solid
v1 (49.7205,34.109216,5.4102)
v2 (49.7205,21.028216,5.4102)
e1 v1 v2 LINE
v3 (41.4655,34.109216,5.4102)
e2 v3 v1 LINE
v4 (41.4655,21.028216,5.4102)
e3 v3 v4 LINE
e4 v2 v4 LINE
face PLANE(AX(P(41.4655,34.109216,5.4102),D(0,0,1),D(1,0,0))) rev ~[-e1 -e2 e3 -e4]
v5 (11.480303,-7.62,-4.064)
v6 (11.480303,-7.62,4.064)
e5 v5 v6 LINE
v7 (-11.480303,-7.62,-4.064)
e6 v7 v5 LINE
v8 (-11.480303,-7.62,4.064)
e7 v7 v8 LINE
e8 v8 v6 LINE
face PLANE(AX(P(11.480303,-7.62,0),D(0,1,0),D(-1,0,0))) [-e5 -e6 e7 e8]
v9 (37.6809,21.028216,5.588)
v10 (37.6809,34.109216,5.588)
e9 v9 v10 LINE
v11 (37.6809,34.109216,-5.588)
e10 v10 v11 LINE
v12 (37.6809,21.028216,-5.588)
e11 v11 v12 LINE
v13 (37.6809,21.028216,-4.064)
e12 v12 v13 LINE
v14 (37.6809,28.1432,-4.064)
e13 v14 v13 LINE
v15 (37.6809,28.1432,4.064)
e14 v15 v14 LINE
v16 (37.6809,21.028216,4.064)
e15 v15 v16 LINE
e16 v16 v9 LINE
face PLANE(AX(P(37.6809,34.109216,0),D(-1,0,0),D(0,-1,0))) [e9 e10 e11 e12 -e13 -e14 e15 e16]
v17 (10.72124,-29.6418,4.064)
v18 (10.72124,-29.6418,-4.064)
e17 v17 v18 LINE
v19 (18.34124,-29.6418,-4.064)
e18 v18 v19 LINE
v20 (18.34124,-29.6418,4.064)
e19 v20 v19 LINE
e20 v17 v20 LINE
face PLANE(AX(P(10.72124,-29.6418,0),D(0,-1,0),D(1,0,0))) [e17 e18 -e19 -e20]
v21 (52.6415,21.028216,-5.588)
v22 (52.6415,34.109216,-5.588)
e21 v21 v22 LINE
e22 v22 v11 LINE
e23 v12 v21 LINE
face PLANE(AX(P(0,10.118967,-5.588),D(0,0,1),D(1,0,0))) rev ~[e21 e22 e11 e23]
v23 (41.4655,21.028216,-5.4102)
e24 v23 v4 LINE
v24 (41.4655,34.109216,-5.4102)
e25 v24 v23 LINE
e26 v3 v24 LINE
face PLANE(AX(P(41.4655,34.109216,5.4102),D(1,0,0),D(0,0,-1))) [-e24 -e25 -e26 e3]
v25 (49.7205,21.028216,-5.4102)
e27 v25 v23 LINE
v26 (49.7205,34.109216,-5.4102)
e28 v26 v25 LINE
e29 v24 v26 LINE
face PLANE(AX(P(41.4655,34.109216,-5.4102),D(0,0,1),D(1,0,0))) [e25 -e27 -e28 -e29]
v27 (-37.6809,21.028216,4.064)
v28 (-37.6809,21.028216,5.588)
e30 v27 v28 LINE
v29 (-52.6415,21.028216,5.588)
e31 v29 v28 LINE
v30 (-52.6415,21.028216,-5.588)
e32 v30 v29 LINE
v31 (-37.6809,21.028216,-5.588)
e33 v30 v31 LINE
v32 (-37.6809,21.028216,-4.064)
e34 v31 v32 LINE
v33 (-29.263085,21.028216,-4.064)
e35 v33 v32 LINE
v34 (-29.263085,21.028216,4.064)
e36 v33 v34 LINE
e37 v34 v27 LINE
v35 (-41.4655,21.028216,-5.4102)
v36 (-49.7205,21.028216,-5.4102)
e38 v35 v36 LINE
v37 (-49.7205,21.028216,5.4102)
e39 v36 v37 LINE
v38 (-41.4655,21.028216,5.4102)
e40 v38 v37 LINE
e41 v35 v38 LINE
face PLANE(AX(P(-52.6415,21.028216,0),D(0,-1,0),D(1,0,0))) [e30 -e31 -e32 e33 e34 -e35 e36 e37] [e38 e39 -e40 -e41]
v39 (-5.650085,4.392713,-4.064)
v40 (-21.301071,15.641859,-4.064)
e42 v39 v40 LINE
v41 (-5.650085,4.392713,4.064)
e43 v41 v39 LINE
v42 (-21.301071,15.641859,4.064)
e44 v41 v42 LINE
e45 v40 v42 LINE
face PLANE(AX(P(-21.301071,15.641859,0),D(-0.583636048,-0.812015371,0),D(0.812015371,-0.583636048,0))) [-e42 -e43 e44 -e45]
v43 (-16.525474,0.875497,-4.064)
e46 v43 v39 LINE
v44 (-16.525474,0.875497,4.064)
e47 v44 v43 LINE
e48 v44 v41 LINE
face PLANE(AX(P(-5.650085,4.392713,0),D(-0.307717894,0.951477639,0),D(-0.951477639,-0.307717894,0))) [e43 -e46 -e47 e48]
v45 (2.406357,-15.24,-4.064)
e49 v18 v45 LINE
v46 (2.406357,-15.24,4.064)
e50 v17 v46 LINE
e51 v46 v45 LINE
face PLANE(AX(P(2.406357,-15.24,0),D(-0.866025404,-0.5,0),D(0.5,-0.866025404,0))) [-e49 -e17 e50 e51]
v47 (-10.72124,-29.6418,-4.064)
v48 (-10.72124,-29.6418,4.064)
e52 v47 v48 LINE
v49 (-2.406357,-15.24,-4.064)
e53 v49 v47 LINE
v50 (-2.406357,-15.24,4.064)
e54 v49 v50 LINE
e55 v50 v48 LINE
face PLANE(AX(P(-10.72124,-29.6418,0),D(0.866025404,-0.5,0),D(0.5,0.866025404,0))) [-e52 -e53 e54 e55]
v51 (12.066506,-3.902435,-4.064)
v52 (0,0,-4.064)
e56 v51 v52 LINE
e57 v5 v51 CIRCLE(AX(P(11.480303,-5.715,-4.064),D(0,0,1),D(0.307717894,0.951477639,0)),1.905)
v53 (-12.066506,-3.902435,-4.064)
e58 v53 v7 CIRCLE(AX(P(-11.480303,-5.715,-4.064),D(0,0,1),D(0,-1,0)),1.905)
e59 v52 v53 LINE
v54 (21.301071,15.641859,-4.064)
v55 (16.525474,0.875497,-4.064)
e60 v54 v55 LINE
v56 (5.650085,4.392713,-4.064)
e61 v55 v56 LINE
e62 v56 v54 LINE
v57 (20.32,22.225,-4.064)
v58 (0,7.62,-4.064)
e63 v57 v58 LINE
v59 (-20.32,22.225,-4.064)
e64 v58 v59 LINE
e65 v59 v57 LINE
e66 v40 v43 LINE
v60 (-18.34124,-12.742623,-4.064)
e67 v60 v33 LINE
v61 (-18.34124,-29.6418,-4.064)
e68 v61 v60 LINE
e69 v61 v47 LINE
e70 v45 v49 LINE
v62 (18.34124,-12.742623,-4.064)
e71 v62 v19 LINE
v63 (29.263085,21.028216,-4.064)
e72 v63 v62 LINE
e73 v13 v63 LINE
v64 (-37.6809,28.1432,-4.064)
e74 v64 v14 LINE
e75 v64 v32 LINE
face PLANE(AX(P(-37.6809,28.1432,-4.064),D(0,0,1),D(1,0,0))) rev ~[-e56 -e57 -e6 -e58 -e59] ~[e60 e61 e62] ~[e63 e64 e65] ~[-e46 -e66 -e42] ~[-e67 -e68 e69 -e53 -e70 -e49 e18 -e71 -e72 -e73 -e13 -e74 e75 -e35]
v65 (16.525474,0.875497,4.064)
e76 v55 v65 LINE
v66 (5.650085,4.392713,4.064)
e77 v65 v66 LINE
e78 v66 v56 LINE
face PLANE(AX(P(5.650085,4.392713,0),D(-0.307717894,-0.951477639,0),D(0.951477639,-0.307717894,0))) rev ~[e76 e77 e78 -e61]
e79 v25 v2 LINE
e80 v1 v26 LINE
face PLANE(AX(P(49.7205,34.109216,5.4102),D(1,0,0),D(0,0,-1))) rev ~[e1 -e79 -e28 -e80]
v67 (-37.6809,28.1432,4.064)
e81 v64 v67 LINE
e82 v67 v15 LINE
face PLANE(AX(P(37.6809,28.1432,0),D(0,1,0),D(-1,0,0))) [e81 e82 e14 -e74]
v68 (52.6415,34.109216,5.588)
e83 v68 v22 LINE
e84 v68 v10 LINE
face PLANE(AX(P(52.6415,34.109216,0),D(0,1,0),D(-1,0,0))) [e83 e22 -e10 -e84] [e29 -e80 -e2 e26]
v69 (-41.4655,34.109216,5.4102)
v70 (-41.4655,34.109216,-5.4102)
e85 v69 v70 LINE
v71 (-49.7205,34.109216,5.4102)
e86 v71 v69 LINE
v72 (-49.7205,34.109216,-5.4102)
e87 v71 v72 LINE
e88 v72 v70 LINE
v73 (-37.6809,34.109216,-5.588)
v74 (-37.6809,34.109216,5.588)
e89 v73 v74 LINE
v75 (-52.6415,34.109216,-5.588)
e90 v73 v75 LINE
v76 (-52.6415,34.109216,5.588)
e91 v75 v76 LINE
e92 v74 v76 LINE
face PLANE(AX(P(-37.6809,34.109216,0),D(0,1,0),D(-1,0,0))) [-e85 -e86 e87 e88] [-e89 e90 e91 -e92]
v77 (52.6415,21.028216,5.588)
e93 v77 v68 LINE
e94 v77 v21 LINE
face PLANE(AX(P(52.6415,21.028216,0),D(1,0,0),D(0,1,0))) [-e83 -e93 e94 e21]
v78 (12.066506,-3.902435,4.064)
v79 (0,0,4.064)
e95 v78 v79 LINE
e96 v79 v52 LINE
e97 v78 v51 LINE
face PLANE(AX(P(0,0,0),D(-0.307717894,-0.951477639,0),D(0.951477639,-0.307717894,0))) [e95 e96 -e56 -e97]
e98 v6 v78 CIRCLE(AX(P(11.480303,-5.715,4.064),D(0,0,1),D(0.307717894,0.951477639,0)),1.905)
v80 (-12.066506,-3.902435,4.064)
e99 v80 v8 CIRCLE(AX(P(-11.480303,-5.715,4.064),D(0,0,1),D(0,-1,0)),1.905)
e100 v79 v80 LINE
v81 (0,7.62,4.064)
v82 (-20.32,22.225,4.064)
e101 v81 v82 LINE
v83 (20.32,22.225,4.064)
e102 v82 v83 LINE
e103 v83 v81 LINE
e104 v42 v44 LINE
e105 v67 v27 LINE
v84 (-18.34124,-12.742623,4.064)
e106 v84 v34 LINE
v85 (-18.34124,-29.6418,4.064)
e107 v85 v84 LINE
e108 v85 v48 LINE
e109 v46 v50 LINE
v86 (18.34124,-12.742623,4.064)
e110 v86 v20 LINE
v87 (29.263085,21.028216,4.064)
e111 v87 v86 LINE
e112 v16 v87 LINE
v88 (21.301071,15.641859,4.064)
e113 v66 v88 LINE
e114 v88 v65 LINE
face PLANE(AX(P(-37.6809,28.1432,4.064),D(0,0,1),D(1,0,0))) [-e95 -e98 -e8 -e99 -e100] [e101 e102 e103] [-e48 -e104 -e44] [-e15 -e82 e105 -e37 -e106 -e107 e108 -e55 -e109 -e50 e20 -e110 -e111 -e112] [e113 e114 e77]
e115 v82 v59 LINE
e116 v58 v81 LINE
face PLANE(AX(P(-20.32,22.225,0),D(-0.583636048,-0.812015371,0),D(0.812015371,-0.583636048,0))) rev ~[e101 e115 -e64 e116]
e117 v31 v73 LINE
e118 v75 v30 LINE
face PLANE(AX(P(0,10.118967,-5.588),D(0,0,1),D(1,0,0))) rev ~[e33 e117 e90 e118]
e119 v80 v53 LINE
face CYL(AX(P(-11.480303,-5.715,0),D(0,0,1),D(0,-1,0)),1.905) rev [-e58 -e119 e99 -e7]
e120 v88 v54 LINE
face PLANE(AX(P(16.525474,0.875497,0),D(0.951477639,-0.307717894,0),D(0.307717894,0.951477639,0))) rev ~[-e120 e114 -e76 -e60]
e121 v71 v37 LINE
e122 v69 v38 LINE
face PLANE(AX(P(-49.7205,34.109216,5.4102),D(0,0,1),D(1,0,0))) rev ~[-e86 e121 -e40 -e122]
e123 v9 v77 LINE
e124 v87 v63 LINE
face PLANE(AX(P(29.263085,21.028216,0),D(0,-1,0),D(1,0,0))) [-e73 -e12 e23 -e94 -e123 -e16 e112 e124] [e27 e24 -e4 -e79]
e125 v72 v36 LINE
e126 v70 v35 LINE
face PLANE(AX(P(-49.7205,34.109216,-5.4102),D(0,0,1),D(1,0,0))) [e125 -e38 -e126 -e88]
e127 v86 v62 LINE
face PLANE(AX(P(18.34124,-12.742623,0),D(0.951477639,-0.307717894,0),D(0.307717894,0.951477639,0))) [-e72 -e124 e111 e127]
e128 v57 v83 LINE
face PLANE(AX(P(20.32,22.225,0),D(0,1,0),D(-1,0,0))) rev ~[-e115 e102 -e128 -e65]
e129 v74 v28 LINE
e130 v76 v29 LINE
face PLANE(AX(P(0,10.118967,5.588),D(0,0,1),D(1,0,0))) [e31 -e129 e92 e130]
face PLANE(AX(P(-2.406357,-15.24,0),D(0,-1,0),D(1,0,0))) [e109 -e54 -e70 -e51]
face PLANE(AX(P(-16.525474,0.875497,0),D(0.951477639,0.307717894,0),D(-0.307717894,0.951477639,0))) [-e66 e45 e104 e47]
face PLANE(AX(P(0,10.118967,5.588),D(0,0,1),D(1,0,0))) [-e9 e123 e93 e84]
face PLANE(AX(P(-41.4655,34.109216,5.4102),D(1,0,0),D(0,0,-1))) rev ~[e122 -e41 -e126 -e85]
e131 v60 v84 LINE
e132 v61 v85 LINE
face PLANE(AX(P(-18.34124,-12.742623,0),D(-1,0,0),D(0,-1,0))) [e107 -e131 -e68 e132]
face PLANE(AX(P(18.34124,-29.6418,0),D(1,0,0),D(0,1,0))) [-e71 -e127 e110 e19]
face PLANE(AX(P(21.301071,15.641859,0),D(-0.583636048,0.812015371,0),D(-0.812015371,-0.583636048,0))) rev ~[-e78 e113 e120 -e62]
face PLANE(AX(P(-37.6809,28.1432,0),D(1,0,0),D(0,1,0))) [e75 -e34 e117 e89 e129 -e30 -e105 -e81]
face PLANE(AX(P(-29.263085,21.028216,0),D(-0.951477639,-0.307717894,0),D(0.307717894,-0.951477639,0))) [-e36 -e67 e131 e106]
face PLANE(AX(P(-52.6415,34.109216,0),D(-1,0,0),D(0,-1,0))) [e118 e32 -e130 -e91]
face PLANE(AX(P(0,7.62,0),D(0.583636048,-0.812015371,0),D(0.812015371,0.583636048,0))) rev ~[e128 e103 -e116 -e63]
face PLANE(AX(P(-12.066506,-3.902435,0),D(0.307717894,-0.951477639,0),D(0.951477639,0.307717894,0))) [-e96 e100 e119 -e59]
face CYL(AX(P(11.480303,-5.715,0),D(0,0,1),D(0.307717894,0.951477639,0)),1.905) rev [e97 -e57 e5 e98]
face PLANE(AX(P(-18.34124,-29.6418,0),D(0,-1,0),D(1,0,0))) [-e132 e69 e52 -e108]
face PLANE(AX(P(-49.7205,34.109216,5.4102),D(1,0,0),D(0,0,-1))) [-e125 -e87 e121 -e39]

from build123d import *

# Parameters (mm, degrees)
BOSS_EXTRUDE1_DEPTH = 5.588
CUT_EXTRUDE1_REACH  = 80.367
SKETCH2_W           = 75.3618
SKETCH2_H           = 1.524
SKETCH3_W           = 8.255
SKETCH3_H           = 10.8204
CUT_EXTRUDE2_DEPTH  = 83.86461998


with BuildPart() as part:
    # Sketch1 → Boss-Extrude1 (new, symmetric)
    with BuildSketch(Plane.XY):
        Polygon((37.6809, 28.1432), (-37.6809, 28.1432), (-37.6809, 34.109215507), (-52.6415, 34.109215507), (-52.6415, 21.028215507), (-29.263085056, 21.028215507), (-18.341239915, -12.742623419), (-18.341239915, -29.6418), (-10.721239915, -29.6418), (-2.406356809, -15.24), (2.406356809, -15.24), (10.721239915, -29.6418), (18.341239915, -29.6418), (18.341239915, -12.742623419), (29.263085056, 21.028215507), (52.6415, 21.028215507), (52.6415, 34.109215507), (37.6809, 34.109215507), align=None)
        with BuildLine():
            Line((11.480303153, -7.62), (-11.480303153, -7.62))
            ThreePointArc((-11.480303153, -7.62), (-13.362052491, -6.011722817), (-12.066505741, -3.902435097))
            Line((-12.066505741, -3.902435097), (0, 0))
            Line((0, 0), (12.066505741, -3.902435097))
            ThreePointArc((12.066505741, -3.902435097), (13.362052491, -6.011722817), (11.480303153, -7.62))
        make_face(mode=Mode.SUBTRACT)
        Polygon((20.32, 22.225), (-20.32, 22.225), (0, 7.62), align=None, mode=Mode.SUBTRACT)
        Polygon((-21.301071122, 15.641859193), (-5.650084624, 4.392712647), (-16.52547404, 0.87549712), align=None, mode=Mode.SUBTRACT)
        Polygon((16.52547404, 0.87549712), (21.301071122, 15.641859193), (5.650084624, 4.392712647), align=None, mode=Mode.SUBTRACT)
    extrude(amount=BOSS_EXTRUDE1_DEPTH, both=True)

    # Cut-Extrude1: up to this face of the body (flat: up to its plane)
    cut_extrude1_end = Plane(part.part.faces().sort_by_distance((-14.531239915, -29.6418, 0))[0])
    # Sketch2 → Cut-Extrude1 (cut, up to the picked face)
    with BuildSketch(Plane(origin=(0, 28.1432, 0), x_dir=(1, 0, 0), z_dir=(0, 1, 0)), mode=Mode.PRIVATE) as cut_extrude1_sk1:
        with Locations((0, -4.826)):
            Rectangle(SKETCH2_W, SKETCH2_H)
    cut_extrude1_tool1 = split(extrude(cut_extrude1_sk1.sketch, amount=-CUT_EXTRUDE1_REACH, mode=Mode.PRIVATE), bisect_by=cut_extrude1_end, keep=Keep.BOTH, mode=Mode.PRIVATE)
    # Sketch2 → Cut-Extrude1 (cut, up to the picked face)
    with BuildSketch(Plane(origin=(0, 28.1432, 0), x_dir=(1, 0, 0), z_dir=(0, 1, 0)), mode=Mode.PRIVATE) as cut_extrude1_sk2:
        with Locations((0, 4.826)):
            Rectangle(SKETCH2_W, SKETCH2_H)
    cut_extrude1_tool2 = split(extrude(cut_extrude1_sk2.sketch, amount=-CUT_EXTRUDE1_REACH, mode=Mode.PRIVATE), bisect_by=cut_extrude1_end, keep=Keep.BOTH, mode=Mode.PRIVATE)
    add(cut_extrude1_tool1.solids().sort_by(Axis((0, 28.1432, 4.826), (0, -1, 0)))[0], mode=Mode.SUBTRACT)
    add(cut_extrude1_tool2.solids().sort_by(Axis((0, 28.1432, -4.826), (0, -1, 0)))[0], mode=Mode.SUBTRACT)

    # Sketch3 → Cut-Extrude2 (cut, through all)
    with BuildSketch(Plane(origin=(0, 34.109215507, 0), x_dir=(1, 0, 0), z_dir=(0, 1, 0))):
        with Locations((-45.593, 0)):
            Rectangle(SKETCH3_W, SKETCH3_H)
        with Locations((45.593, 0)):
            Rectangle(SKETCH3_W, SKETCH3_H)
    extrude(amount=-CUT_EXTRUDE2_DEPTH, mode=Mode.SUBTRACT)


solid = part.part
